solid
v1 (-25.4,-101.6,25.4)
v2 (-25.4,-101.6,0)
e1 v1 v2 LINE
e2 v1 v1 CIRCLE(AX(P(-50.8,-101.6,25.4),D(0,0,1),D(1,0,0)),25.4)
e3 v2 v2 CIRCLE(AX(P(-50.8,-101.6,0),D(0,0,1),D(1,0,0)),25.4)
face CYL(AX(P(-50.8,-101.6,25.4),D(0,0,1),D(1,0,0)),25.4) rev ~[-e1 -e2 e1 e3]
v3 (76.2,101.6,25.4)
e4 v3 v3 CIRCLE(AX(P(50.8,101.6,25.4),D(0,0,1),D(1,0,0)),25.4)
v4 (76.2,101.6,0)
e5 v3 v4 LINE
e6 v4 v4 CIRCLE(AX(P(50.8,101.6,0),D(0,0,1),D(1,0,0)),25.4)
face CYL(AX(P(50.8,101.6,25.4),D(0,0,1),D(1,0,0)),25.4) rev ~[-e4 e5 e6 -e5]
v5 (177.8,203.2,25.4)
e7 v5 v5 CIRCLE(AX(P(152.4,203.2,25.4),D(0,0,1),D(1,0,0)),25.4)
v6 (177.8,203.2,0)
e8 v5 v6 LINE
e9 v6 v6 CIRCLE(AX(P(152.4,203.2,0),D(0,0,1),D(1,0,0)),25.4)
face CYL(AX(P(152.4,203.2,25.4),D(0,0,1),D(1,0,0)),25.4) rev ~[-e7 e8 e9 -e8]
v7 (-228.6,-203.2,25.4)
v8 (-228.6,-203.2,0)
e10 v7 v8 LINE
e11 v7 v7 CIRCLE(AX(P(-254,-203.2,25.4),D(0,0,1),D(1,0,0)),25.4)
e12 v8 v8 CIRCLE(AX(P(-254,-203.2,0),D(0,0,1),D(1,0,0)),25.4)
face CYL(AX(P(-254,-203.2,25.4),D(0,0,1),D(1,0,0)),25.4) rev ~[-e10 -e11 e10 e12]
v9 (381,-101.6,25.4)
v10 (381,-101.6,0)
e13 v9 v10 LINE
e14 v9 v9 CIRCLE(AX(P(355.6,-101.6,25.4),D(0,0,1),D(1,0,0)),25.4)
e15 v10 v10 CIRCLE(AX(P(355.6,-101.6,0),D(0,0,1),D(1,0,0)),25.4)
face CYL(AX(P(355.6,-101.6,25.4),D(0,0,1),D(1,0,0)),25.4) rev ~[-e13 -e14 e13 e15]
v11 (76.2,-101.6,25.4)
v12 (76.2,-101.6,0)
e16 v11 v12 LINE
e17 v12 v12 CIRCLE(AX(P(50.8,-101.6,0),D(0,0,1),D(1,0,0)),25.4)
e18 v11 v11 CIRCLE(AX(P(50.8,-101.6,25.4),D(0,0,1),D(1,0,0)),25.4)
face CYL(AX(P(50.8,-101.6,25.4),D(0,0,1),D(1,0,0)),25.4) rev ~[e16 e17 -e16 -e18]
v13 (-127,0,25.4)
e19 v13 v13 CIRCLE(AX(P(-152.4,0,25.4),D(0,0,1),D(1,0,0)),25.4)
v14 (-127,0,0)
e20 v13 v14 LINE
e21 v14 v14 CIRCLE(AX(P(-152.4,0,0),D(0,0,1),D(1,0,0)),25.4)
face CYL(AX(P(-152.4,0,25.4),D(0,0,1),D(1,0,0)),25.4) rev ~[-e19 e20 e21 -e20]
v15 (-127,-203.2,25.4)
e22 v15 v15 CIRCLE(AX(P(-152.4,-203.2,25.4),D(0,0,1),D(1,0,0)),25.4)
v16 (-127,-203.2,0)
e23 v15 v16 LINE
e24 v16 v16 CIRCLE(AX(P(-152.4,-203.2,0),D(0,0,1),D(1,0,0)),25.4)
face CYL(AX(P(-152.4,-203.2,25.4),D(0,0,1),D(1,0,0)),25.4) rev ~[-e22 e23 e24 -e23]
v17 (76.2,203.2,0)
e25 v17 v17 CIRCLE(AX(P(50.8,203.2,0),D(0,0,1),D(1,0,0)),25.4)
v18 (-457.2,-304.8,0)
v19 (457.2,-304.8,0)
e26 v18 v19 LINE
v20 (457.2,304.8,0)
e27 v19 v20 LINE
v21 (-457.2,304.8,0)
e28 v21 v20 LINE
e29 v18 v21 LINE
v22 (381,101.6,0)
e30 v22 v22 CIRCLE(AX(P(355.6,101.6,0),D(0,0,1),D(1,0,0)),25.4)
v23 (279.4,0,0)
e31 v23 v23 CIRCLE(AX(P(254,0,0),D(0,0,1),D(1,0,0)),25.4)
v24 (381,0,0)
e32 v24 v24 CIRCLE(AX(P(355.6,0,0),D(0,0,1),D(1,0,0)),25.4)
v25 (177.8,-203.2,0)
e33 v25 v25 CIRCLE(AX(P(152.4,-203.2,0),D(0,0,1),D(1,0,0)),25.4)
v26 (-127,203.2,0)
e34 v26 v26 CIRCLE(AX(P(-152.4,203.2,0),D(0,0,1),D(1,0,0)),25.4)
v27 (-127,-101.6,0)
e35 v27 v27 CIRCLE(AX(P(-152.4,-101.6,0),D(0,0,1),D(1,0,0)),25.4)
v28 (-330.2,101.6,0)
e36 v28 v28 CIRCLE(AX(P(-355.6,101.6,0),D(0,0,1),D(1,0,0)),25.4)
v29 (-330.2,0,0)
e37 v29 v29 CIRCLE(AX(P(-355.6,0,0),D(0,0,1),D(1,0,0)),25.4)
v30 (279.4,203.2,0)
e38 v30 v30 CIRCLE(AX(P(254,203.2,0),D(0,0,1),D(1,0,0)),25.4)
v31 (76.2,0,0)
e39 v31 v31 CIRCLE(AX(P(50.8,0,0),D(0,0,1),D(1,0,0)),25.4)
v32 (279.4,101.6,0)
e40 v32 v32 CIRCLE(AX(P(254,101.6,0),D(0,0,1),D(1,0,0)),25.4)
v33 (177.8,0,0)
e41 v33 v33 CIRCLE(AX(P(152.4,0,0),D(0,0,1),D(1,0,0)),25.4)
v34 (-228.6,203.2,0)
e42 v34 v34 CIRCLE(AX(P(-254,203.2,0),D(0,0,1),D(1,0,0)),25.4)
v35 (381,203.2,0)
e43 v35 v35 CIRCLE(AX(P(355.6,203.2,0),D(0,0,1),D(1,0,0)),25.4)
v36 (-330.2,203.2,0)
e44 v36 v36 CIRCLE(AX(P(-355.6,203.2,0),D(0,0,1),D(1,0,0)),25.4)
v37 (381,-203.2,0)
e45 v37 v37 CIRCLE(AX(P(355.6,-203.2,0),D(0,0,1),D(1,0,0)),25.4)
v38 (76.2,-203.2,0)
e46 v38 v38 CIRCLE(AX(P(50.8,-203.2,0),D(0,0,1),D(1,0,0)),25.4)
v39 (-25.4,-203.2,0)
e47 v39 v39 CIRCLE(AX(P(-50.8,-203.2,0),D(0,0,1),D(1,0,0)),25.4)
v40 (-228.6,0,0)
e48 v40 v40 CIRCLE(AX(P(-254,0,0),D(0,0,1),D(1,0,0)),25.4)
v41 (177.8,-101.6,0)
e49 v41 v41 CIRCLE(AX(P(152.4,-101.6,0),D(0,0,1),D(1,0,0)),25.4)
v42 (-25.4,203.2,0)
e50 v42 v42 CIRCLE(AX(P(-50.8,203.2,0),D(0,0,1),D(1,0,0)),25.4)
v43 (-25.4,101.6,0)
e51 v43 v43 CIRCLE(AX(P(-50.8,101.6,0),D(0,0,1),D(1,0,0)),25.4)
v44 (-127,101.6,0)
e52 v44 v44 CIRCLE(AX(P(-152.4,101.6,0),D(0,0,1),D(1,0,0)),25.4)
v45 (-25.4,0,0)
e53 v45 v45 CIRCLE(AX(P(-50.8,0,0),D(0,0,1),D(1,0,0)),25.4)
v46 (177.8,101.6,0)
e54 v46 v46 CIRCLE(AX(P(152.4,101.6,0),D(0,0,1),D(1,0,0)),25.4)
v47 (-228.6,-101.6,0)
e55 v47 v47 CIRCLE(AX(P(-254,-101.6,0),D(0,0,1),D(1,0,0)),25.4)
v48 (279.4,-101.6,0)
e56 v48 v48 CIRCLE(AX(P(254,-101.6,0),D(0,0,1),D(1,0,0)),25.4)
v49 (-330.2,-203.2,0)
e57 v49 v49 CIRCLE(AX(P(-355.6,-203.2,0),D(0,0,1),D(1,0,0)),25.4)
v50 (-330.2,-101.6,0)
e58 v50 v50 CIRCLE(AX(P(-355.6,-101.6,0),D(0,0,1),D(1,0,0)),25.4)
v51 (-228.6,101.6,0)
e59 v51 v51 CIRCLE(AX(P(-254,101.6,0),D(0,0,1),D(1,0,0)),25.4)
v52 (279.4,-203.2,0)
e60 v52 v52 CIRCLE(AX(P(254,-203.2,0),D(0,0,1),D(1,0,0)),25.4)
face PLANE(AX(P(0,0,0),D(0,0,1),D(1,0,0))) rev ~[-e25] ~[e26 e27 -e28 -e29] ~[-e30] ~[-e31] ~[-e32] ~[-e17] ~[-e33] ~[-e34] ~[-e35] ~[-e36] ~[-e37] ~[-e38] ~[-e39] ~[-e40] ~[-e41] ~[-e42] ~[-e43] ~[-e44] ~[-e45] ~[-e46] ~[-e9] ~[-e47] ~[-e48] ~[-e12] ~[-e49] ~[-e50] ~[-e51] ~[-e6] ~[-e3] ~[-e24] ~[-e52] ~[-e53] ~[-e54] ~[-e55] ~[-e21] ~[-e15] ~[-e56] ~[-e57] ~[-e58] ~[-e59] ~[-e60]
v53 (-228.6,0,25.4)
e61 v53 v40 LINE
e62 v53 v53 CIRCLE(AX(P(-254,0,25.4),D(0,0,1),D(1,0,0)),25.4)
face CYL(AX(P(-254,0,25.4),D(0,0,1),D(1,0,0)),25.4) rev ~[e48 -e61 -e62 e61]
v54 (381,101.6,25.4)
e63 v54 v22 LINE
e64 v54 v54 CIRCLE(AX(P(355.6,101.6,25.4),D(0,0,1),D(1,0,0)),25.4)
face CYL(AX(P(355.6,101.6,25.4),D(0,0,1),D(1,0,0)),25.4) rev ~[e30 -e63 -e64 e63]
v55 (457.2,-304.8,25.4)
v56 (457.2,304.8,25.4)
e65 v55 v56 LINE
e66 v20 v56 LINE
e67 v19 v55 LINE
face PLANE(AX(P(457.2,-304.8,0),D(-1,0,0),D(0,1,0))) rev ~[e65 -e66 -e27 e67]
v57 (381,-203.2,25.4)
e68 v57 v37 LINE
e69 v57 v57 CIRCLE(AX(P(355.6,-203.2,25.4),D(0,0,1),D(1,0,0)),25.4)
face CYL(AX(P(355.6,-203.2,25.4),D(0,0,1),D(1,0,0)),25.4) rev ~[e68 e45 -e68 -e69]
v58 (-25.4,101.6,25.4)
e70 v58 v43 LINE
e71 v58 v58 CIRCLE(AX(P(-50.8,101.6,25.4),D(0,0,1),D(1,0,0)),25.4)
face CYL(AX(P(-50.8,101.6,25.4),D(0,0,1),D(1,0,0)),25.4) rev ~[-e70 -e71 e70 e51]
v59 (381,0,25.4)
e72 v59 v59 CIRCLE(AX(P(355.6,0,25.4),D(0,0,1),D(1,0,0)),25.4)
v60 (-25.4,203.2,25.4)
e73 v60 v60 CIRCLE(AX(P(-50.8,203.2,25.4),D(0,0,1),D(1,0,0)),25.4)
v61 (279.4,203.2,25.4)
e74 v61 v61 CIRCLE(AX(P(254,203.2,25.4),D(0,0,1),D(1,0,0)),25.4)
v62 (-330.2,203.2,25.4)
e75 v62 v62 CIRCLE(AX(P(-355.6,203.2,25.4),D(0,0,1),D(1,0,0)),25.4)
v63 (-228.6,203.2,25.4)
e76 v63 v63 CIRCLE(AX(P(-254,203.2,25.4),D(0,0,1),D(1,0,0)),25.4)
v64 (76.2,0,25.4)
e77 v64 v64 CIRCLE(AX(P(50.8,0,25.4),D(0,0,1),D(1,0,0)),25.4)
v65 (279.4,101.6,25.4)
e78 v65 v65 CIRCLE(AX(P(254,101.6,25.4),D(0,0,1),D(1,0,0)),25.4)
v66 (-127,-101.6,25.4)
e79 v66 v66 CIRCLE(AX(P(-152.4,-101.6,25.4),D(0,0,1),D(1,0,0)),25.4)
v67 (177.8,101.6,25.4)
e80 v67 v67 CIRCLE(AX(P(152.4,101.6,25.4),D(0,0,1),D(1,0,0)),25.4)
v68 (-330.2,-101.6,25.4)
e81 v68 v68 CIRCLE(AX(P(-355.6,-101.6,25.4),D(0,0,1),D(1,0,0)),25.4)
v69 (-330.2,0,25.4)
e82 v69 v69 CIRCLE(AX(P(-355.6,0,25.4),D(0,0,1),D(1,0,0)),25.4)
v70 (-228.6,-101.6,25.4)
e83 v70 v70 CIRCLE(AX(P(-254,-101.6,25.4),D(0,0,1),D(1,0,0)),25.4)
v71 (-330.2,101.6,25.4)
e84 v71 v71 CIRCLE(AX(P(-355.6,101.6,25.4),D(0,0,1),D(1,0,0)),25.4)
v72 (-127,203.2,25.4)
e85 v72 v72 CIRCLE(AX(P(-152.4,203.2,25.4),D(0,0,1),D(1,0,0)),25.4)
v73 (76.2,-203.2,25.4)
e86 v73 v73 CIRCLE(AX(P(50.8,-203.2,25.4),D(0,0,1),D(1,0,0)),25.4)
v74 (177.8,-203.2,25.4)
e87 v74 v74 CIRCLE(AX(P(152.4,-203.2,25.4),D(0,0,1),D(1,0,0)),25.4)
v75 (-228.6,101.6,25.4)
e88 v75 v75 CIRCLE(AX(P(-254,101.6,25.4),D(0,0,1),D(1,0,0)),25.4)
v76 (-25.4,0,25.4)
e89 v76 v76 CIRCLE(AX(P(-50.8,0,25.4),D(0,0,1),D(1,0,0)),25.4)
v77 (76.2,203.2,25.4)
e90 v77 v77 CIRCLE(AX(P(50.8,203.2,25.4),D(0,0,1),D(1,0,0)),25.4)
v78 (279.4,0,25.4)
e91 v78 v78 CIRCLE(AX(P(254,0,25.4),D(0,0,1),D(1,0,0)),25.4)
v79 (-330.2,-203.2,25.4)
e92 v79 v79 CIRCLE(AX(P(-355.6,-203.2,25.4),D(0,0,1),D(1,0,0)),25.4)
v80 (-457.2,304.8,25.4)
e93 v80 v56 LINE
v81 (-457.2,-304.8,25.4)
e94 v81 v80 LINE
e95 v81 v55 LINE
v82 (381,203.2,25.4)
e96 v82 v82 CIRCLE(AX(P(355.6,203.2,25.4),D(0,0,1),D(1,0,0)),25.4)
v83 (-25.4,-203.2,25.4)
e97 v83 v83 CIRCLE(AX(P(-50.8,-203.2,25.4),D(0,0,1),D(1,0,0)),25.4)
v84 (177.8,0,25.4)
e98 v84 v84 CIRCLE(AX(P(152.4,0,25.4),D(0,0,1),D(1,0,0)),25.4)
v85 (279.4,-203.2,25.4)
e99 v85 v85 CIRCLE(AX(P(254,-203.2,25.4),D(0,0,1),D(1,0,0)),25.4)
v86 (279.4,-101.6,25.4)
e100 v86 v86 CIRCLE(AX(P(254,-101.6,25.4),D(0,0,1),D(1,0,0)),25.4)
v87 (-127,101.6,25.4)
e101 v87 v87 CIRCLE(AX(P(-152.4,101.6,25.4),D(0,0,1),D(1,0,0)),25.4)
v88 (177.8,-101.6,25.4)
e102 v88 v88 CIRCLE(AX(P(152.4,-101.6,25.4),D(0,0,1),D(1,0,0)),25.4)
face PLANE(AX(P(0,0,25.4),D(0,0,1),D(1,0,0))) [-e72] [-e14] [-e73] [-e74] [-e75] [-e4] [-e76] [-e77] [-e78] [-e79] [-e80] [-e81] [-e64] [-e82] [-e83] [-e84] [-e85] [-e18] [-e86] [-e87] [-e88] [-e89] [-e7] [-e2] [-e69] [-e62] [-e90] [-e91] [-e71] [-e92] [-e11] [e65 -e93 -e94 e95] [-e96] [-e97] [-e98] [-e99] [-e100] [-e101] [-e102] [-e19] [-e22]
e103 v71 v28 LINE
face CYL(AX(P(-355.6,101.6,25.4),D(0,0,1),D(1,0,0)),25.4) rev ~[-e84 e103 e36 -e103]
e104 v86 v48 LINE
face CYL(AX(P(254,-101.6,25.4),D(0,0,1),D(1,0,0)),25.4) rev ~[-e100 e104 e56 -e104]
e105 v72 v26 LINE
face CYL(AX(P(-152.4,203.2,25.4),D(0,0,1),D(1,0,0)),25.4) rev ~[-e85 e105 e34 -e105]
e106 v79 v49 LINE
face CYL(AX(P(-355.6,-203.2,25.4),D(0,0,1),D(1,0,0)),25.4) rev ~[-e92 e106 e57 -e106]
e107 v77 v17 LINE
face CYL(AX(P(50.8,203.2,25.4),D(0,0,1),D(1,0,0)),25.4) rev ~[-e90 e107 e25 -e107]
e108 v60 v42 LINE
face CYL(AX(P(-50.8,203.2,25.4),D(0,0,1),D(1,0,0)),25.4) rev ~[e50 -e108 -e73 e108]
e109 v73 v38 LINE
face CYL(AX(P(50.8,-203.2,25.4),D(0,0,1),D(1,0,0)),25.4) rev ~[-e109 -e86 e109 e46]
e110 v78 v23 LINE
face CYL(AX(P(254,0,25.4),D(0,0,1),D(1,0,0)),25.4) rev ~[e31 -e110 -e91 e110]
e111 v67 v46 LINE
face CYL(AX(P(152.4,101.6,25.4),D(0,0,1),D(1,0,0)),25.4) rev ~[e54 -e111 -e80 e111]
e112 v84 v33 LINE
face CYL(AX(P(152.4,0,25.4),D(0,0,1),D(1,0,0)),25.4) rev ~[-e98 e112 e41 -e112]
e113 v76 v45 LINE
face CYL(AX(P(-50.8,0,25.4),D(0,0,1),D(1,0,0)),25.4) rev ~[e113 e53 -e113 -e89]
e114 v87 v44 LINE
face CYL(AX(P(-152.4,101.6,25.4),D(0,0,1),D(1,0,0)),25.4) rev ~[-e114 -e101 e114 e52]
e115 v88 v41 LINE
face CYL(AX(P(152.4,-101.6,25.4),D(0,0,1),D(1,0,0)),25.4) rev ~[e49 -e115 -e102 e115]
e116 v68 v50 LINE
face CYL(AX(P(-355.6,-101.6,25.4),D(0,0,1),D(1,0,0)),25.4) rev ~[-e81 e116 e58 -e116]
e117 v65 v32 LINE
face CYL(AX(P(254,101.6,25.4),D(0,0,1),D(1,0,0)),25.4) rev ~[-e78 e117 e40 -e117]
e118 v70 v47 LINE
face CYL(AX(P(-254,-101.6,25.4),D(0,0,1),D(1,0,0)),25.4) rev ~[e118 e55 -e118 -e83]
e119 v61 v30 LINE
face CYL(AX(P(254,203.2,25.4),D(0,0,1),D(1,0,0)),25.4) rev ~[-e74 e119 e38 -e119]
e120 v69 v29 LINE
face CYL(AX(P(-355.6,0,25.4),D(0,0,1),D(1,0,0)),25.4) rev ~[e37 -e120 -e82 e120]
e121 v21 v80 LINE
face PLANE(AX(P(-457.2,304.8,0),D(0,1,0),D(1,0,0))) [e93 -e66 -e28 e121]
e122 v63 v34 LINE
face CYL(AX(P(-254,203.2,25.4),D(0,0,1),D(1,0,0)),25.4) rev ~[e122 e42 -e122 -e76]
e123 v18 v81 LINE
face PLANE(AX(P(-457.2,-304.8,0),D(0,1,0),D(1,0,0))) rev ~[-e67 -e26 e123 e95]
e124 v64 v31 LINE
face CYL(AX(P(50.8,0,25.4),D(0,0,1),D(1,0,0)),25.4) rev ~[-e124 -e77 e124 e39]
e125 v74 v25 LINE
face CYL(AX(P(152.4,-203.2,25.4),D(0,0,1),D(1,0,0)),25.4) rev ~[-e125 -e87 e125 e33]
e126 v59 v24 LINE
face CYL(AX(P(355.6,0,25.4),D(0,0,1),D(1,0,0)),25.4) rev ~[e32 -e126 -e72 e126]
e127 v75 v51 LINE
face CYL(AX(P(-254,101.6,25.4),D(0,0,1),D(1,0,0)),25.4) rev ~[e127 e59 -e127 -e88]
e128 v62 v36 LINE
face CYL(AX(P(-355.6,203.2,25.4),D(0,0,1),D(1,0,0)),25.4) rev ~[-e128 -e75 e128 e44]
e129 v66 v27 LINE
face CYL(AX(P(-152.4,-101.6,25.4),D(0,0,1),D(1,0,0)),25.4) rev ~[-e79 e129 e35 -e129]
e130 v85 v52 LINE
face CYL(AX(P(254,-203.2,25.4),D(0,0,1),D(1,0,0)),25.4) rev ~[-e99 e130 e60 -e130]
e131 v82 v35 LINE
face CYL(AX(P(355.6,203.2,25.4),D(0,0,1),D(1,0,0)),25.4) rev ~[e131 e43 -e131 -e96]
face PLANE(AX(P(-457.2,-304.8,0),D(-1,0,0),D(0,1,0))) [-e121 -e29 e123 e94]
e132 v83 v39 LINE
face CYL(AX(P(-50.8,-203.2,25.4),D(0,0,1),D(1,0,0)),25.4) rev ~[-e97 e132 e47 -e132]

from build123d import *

# Parameters (mm, degrees)
F0_W     = 914.4
F0_H     = 609.6
F1_DEPTH = 25.4
F2_R     = 25.4
F3_DEPTH = 25.4


with BuildPart() as f1:
    # F0 (on Top) → F1 (new body)
    with BuildSketch(Plane.XY):
        Rectangle(F0_W, F0_H)
    extrude(amount=F1_DEPTH)

    # F2 (on face) → F3 (cut, through all)
    with BuildSketch(Plane.XY.offset(25.4)):
        with Locations((-355.6, -203.2)):
            Circle(F2_R)
        with Locations((-254, -203.2)):
            Circle(F2_R)
        with Locations((-152.4, -203.2)):
            Circle(F2_R)
        with Locations((-50.8, -203.2)):
            Circle(F2_R)
        with Locations((50.8, -203.2)):
            Circle(F2_R)
        with Locations((152.4, -203.2)):
            Circle(F2_R)
        with Locations((254, -203.2)):
            Circle(F2_R)
        with Locations((355.6, -203.2)):
            Circle(F2_R)
        with Locations((-355.6, -101.6)):
            Circle(F2_R)
        with Locations((-355.6, 0)):
            Circle(F2_R)
        with Locations((-355.6, 101.6)):
            Circle(F2_R)
        with Locations((-355.6, 203.2)):
            Circle(F2_R)
        with Locations((-254, -101.6)):
            Circle(F2_R)
        with Locations((-254, 0)):
            Circle(F2_R)
        with Locations((-254, 101.6)):
            Circle(F2_R)
        with Locations((-254, 203.2)):
            Circle(F2_R)
        with Locations((-152.4, -101.6)):
            Circle(F2_R)
        with Locations((-152.4, 0)):
            Circle(F2_R)
        with Locations((-152.4, 101.6)):
            Circle(F2_R)
        with Locations((-152.4, 203.2)):
            Circle(F2_R)
        with Locations((-50.8, -101.6)):
            Circle(F2_R)
        with Locations((-50.8, 0)):
            Circle(F2_R)
        with Locations((-50.8, 101.6)):
            Circle(F2_R)
        with Locations((-50.8, 203.2)):
            Circle(F2_R)
        with Locations((50.8, -101.6)):
            Circle(F2_R)
        with Locations((50.8, 0)):
            Circle(F2_R)
        with Locations((50.8, 101.6)):
            Circle(F2_R)
        with Locations((50.8, 203.2)):
            Circle(F2_R)
        with Locations((152.4, -101.6)):
            Circle(F2_R)
        with Locations((152.4, 0)):
            Circle(F2_R)
        with Locations((152.4, 101.6)):
            Circle(F2_R)
        with Locations((152.4, 203.2)):
            Circle(F2_R)
        with Locations((254, -101.6)):
            Circle(F2_R)
        with Locations((254, 0)):
            Circle(F2_R)
        with Locations((254, 101.6)):
            Circle(F2_R)
        with Locations((254, 203.2)):
            Circle(F2_R)
        with Locations((355.6, -101.6)):
            Circle(F2_R)
        with Locations((355.6, 0)):
            Circle(F2_R)
        with Locations((355.6, 101.6)):
            Circle(F2_R)
        with Locations((355.6, 203.2)):
            Circle(F2_R)
    extrude(amount=-F3_DEPTH, mode=Mode.SUBTRACT)


solid = f1.part
